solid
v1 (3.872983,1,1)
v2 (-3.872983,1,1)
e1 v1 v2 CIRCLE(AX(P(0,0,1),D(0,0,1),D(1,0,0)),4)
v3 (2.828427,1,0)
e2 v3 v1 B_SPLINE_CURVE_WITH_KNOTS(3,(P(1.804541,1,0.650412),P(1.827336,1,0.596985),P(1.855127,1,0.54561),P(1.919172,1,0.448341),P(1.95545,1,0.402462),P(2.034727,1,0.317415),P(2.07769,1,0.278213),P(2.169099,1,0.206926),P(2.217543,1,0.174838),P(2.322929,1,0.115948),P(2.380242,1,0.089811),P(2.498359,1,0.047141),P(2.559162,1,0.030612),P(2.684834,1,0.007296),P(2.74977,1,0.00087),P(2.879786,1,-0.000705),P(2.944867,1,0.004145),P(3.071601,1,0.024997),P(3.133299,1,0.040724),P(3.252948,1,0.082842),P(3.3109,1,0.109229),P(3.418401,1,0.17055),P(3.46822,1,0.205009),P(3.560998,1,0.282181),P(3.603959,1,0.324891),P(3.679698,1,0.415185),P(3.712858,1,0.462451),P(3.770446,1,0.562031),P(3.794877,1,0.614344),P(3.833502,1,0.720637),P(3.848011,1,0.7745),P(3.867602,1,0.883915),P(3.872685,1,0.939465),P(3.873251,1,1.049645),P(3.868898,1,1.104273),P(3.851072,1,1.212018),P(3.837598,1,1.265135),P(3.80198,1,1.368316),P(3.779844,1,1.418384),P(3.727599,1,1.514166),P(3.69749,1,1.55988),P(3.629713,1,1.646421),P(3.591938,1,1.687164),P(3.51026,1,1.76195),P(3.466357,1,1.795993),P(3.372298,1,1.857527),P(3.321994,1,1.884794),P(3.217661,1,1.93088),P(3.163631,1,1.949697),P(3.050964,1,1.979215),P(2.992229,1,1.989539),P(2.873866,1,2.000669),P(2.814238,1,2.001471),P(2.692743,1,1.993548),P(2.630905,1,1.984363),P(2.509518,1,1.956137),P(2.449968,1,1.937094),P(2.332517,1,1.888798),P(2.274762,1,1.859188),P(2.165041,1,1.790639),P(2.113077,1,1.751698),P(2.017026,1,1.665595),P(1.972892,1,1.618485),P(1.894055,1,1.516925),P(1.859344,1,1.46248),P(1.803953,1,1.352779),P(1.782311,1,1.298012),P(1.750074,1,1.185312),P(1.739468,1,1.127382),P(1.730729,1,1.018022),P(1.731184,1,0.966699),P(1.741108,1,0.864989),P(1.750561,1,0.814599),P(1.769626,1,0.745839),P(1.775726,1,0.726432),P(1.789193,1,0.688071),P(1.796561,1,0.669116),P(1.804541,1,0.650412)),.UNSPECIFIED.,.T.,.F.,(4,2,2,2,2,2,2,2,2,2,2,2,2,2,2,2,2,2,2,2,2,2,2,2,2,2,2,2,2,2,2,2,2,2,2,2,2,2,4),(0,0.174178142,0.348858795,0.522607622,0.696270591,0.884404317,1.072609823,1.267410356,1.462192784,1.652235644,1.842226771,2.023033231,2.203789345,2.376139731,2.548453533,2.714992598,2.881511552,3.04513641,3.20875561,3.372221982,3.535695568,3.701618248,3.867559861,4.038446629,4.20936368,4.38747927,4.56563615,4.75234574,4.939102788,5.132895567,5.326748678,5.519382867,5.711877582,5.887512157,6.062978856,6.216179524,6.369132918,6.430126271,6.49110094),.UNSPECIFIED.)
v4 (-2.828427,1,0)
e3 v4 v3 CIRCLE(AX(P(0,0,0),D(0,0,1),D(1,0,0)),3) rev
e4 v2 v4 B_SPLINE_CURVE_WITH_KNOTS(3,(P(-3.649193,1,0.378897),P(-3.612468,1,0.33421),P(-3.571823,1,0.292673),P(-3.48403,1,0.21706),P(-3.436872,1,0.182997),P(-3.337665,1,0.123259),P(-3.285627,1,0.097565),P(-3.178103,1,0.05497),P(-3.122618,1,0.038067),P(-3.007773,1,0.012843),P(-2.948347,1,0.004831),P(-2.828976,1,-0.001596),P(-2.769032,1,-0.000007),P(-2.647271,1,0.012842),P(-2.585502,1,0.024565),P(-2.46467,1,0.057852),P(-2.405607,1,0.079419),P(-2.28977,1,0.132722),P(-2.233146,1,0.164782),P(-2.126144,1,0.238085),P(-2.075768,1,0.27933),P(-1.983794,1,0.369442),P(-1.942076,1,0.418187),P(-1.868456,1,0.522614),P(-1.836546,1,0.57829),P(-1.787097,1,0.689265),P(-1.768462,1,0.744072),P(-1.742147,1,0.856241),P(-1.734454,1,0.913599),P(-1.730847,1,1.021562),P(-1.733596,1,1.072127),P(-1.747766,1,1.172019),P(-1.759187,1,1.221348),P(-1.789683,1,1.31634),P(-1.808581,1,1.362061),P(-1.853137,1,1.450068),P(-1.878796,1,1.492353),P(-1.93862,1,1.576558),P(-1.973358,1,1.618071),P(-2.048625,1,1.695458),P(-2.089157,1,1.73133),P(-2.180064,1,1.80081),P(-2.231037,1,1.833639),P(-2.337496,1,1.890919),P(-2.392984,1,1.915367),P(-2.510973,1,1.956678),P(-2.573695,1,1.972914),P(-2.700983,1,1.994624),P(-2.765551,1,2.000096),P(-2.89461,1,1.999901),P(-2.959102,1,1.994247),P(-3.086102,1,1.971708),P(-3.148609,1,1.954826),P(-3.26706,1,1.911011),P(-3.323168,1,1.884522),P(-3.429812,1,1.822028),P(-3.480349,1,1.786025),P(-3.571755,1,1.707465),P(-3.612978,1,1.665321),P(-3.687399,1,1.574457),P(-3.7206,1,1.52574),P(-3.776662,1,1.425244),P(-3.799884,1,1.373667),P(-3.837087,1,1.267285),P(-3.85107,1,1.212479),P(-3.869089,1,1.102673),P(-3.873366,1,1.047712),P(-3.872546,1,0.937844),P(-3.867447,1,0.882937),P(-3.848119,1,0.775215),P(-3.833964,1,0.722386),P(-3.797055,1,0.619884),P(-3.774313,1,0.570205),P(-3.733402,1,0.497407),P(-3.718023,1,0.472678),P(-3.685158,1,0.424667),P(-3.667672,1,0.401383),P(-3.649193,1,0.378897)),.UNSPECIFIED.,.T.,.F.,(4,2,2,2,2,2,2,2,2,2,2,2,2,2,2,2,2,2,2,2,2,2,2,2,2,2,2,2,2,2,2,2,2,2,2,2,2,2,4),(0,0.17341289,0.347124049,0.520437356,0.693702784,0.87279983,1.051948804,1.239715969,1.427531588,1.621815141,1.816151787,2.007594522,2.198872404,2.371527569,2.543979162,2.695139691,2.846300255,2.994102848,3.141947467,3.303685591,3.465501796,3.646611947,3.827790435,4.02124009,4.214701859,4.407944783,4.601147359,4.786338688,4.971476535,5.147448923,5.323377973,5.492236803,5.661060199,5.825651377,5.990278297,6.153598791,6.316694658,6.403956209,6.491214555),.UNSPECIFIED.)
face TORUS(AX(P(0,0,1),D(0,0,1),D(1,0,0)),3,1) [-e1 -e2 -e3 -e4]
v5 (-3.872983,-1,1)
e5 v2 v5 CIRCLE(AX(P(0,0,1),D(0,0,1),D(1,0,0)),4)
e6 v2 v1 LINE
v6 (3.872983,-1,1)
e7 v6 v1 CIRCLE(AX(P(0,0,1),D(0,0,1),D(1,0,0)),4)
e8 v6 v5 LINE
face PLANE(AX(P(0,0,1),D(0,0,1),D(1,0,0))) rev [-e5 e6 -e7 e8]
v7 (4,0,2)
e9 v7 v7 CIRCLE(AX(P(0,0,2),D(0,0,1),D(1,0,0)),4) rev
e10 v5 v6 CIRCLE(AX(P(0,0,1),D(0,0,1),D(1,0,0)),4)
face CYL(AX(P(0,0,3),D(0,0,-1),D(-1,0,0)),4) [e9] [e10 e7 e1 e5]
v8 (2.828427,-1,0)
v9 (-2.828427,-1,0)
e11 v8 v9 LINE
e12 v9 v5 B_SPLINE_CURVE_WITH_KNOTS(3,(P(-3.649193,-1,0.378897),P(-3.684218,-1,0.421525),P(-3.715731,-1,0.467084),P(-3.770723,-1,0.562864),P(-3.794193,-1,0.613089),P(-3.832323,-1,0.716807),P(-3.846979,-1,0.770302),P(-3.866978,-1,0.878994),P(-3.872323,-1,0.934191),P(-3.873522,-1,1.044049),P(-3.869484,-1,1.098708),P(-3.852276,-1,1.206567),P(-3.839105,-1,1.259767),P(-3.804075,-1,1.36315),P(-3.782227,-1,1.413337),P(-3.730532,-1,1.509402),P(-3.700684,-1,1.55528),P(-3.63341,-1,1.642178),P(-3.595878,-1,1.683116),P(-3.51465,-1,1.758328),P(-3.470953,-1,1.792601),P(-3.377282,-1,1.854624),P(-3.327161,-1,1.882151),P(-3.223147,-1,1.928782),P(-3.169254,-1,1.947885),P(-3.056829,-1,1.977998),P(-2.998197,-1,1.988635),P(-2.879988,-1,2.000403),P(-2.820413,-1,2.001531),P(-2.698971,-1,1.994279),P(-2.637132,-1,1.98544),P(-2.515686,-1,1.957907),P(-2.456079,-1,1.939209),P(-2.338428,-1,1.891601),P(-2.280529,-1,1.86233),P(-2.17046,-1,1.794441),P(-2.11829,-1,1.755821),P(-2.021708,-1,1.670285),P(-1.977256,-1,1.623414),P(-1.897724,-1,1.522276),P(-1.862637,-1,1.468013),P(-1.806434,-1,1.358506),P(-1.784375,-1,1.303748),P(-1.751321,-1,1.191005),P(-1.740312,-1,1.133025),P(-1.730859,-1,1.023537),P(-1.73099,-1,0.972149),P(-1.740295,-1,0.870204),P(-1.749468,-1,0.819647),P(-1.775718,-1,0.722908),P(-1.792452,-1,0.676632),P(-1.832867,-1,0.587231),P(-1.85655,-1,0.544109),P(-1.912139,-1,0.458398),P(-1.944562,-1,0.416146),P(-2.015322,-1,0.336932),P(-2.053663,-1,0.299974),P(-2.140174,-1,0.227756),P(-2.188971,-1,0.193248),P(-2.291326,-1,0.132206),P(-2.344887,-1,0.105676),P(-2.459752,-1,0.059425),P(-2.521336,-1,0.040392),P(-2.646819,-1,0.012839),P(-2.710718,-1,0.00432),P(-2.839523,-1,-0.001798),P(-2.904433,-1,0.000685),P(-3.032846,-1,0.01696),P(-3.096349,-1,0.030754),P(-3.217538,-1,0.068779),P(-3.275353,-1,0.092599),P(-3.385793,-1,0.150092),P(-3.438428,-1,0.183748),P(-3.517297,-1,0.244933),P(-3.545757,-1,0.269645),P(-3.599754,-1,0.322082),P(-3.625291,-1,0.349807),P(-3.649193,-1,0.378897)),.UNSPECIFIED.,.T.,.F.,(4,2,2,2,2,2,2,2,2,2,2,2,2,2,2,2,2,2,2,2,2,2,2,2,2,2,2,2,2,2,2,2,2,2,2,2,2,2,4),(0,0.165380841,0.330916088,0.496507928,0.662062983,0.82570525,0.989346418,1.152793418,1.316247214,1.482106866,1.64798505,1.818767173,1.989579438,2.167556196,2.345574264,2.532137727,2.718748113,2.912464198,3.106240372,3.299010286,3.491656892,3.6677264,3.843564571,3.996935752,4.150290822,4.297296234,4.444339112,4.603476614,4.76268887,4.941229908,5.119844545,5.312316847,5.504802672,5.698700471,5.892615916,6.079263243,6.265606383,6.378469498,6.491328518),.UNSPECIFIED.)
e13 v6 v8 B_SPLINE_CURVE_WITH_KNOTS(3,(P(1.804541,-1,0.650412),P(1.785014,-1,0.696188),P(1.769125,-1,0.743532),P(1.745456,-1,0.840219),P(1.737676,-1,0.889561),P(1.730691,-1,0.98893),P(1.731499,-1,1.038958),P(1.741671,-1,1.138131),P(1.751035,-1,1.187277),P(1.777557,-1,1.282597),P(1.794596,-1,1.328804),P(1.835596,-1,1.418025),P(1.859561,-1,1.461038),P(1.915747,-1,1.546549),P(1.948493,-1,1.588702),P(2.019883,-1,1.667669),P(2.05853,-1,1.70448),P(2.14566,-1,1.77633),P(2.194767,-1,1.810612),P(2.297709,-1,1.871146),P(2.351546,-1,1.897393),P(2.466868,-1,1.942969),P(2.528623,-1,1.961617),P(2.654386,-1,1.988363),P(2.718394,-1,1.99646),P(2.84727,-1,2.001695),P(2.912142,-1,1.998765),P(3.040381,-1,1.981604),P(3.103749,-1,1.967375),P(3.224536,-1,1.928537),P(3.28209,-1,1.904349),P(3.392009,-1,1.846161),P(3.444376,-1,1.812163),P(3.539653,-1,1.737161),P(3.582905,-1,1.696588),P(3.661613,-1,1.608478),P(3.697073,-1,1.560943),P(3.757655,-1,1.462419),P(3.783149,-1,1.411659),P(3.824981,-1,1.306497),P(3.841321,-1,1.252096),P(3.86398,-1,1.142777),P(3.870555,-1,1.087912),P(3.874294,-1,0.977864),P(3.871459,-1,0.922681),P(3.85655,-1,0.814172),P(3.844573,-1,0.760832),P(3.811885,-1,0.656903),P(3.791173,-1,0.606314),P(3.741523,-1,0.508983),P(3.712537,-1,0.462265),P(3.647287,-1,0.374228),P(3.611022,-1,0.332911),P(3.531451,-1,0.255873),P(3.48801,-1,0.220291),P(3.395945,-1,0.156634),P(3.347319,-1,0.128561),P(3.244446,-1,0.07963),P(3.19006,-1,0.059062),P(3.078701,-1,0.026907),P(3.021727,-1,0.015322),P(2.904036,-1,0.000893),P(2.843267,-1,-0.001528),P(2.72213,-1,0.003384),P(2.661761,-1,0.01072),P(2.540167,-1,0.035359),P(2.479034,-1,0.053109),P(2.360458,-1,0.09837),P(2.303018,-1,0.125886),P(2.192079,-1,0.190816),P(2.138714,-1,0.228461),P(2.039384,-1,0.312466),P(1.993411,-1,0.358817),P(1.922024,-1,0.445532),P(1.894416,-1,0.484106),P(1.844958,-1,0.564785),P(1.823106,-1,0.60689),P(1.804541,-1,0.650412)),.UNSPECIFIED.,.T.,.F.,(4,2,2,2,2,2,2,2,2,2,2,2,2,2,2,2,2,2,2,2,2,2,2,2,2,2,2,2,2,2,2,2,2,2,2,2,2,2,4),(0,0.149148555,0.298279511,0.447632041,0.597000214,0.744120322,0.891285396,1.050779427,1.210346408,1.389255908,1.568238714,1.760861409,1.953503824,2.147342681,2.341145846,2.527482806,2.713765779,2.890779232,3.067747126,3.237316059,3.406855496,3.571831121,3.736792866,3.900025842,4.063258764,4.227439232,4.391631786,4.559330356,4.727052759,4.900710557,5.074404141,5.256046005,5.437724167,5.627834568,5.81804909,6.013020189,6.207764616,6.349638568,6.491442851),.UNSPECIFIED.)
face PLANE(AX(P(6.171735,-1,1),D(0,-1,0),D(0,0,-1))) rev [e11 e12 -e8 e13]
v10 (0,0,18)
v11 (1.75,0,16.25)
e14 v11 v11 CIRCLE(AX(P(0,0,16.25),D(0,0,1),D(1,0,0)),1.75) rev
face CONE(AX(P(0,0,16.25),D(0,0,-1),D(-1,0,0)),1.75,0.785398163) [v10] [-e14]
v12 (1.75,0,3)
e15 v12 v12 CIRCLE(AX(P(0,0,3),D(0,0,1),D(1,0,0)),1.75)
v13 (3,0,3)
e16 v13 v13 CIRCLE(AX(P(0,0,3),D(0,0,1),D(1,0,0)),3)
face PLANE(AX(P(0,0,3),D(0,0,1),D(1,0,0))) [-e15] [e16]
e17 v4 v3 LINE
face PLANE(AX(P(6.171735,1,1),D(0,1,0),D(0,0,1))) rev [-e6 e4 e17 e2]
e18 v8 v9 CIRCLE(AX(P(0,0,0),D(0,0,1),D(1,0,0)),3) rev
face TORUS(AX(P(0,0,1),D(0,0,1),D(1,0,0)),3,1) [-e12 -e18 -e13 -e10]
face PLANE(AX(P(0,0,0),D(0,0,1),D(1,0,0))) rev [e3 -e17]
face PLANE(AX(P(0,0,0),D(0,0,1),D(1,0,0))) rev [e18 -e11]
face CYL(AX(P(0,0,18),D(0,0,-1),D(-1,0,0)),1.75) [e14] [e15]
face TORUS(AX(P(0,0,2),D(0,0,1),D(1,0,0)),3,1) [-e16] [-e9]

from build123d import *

# Parameters (mm, degrees)
SKETCH1_R           = 4
BOSS_EXTRUDE1_DEPTH = 3
SKETCH2_R           = 1.75
BOSS_EXTRUDE2_DEPTH = 15
FILLET2_R           = 1
SKETCH3_W           = 11.938810874
SKETCH3_H           = 2
CUT_EXTRUDE1_DEPTH  = 1
CHAMFER1_SIZE       = 1.75


with BuildPart() as part:
    # Sketch1 → Boss-Extrude1 (new body)
    with BuildSketch(Plane.XY):
        Circle(SKETCH1_R)
    extrude(amount=BOSS_EXTRUDE1_DEPTH)

    # Sketch2 → Boss-Extrude2 (add)
    with BuildSketch(Plane.XY.offset(3)):
        Circle(SKETCH2_R)
    extrude(amount=BOSS_EXTRUDE2_DEPTH)

    # Fillet2
    fillet2_edges = [part.edges().sort_by_distance(p)[0] for p in [
        (-4, 0, 0),
        (-4, 0, 3),
    ]]
    fillet(fillet2_edges, radius=FILLET2_R)

    # Sketch3 → Cut-Extrude1 (cut)
    with BuildSketch(Plane(origin=(0, 0, 0), x_dir=(-1, 0, 0), z_dir=(0, 0, -1))):
        with Locations((-0.202329925, 0)):
            Rectangle(SKETCH3_W, SKETCH3_H)
    extrude(amount=-CUT_EXTRUDE1_DEPTH, mode=Mode.SUBTRACT)

    # Chamfer1
    chamfer1_edges = [part.edges().sort_by_distance(p)[0] for p in [
        (-1.75, 0, 18),
    ]]
    chamfer(chamfer1_edges, length=CHAMFER1_SIZE)


solid = part.part
